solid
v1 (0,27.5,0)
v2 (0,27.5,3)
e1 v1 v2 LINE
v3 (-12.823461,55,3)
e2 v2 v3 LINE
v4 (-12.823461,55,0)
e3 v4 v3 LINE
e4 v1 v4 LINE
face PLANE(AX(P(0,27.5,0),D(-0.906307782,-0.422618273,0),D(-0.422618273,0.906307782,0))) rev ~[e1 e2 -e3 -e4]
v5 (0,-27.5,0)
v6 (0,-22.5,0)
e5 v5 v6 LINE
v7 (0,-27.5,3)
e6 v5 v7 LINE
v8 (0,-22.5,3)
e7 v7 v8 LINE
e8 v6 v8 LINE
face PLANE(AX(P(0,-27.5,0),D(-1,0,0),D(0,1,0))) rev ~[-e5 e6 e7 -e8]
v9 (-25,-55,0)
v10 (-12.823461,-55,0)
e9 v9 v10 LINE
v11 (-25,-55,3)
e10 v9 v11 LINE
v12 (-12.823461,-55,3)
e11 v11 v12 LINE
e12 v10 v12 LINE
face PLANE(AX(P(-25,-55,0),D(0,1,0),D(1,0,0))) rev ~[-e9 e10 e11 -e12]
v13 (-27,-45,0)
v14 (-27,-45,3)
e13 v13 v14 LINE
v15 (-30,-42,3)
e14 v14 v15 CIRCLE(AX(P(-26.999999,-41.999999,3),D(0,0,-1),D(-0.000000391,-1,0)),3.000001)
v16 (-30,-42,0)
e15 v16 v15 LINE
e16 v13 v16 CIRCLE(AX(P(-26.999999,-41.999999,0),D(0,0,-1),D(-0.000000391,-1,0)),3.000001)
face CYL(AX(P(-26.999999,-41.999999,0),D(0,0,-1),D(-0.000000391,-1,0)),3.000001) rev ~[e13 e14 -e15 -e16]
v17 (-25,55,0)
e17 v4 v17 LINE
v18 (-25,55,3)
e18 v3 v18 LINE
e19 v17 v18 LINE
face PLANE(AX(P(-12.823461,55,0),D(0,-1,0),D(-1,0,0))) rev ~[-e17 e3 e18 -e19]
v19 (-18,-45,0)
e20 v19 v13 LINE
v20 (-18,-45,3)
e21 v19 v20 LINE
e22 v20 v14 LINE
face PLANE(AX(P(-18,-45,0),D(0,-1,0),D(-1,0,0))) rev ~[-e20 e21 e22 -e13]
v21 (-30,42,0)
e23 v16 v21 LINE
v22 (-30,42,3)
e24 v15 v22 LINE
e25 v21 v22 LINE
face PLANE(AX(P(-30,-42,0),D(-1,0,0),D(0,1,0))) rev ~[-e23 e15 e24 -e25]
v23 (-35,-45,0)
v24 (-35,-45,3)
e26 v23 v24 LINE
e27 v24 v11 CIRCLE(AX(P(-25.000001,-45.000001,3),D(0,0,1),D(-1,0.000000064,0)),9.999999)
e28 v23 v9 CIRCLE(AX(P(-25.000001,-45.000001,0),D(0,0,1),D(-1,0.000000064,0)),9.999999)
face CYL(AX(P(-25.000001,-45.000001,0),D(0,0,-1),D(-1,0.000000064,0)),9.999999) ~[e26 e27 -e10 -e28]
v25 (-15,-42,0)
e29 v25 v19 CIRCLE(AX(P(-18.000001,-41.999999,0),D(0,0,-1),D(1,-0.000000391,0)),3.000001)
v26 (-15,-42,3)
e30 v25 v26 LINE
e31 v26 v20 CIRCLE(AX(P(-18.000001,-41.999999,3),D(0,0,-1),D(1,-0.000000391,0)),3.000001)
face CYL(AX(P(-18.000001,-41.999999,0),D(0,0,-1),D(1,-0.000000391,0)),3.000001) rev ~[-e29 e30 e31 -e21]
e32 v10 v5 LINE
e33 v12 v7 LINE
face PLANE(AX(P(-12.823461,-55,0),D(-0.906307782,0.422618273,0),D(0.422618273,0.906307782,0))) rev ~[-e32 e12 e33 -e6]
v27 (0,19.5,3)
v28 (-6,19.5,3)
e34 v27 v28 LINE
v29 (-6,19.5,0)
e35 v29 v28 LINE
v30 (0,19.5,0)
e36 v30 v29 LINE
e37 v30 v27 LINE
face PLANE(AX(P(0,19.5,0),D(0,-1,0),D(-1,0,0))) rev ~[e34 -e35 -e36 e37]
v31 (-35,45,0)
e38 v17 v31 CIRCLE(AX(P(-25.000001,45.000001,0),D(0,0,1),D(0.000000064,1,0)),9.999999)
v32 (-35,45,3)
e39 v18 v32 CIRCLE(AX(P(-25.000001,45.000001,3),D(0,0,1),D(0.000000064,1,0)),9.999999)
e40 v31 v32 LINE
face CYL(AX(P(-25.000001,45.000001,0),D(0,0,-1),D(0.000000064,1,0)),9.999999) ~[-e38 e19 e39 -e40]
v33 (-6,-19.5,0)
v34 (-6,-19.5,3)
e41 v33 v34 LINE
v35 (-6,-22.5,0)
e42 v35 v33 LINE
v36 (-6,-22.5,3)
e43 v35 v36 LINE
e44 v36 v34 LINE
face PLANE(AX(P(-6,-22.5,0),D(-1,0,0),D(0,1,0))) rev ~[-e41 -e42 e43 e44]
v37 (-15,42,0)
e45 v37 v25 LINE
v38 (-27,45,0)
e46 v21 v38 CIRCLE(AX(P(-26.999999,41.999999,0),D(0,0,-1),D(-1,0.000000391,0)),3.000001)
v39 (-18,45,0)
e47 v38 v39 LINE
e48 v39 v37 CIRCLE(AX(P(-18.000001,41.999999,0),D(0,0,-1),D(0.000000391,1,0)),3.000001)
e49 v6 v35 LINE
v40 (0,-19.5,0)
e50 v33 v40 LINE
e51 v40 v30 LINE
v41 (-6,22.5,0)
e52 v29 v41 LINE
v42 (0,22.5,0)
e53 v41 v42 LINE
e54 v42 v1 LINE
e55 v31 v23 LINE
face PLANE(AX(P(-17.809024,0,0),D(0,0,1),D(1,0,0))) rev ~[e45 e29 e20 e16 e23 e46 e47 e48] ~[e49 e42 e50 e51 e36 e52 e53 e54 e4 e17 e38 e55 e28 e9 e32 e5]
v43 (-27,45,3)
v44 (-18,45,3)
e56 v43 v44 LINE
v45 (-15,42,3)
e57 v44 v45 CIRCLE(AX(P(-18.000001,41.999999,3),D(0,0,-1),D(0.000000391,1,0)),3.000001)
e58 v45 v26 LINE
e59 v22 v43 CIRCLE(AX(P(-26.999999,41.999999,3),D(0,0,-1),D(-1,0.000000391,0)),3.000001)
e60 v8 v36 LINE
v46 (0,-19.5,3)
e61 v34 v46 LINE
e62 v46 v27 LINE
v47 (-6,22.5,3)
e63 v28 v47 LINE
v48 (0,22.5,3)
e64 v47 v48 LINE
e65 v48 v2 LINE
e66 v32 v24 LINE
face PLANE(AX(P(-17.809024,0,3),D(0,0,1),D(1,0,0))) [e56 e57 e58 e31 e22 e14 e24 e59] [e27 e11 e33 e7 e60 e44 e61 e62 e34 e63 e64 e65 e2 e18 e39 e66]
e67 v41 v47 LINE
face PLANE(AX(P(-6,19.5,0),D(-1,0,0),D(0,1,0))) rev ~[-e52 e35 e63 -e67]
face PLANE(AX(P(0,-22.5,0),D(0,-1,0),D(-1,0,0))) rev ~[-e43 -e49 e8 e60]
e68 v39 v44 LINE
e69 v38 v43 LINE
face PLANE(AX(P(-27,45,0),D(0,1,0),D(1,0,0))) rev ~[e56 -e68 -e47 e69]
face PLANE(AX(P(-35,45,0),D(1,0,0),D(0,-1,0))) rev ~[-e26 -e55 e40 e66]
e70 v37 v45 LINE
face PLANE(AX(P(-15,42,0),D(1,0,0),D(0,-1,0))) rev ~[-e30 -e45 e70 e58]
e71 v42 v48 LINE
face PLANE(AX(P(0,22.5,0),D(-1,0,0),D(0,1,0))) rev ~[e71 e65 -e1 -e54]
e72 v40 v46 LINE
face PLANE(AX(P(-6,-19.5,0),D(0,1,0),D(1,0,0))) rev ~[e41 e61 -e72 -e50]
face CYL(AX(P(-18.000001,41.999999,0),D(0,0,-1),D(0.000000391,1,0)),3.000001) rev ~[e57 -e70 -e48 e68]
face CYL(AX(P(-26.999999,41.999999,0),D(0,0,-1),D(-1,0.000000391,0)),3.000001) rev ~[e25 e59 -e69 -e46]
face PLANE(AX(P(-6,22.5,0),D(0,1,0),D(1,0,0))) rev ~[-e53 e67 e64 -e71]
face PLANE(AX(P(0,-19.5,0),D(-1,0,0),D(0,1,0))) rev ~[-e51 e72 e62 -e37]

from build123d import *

# Parameters (mm, degrees)
F1_DEPTH = 3


with BuildPart() as f1:
    # F0 (on Top) → F1 (new body)
    with BuildSketch(Plane.XY):
        with BuildLine():
            Line((-35, 45), (-35, 0))
            Line((-35, 0), (-35, -45))
            ThreePointArc((-35, -45), (-32.071068, -52.071068), (-25, -55))
            Line((-25, -55), (-12.823461, -55))
            Line((-12.823461, -55), (0, -27.5))
            Line((0, -27.5), (0, -22.5))
            Line((0, -22.5), (-6, -22.5))
            Line((-6, -22.5), (-6, -19.5))
            Line((-6, -19.5), (0, -19.5))
            Line((0, -19.5), (0, 0))
            Line((0, 0), (0, 19.5))
            Line((0, 19.5), (-6, 19.5))
            Line((-6, 19.5), (-6, 22.5))
            Line((-6, 22.5), (0, 22.5))
            Line((0, 22.5), (0, 27.5))
            Line((0, 27.5), (-12.823461, 55))
            Line((-12.823461, 55), (-25, 55))
            ThreePointArc((-25, 55), (-32.071068, 52.071068), (-35, 45))
        make_face()
        with BuildLine():
            Line((-18, -45), (-27, -45))
            ThreePointArc((-27, -45), (-29.12132, -44.12132), (-30, -42))
            Line((-30, -42), (-30, 0))
            Line((-30, 0), (-30, 42))
            ThreePointArc((-30, 42), (-29.12132, 44.12132), (-27, 45))
            Line((-27, 45), (-18, 45))
            ThreePointArc((-18, 45), (-15.87868, 44.12132), (-15, 42))
            Line((-15, 42), (-15, 0))
            Line((-15, 0), (-15, -42))
            ThreePointArc((-15, -42), (-15.87868, -44.12132), (-18, -45))
        make_face(mode=Mode.SUBTRACT)
    extrude(amount=F1_DEPTH)


solid = f1.part
